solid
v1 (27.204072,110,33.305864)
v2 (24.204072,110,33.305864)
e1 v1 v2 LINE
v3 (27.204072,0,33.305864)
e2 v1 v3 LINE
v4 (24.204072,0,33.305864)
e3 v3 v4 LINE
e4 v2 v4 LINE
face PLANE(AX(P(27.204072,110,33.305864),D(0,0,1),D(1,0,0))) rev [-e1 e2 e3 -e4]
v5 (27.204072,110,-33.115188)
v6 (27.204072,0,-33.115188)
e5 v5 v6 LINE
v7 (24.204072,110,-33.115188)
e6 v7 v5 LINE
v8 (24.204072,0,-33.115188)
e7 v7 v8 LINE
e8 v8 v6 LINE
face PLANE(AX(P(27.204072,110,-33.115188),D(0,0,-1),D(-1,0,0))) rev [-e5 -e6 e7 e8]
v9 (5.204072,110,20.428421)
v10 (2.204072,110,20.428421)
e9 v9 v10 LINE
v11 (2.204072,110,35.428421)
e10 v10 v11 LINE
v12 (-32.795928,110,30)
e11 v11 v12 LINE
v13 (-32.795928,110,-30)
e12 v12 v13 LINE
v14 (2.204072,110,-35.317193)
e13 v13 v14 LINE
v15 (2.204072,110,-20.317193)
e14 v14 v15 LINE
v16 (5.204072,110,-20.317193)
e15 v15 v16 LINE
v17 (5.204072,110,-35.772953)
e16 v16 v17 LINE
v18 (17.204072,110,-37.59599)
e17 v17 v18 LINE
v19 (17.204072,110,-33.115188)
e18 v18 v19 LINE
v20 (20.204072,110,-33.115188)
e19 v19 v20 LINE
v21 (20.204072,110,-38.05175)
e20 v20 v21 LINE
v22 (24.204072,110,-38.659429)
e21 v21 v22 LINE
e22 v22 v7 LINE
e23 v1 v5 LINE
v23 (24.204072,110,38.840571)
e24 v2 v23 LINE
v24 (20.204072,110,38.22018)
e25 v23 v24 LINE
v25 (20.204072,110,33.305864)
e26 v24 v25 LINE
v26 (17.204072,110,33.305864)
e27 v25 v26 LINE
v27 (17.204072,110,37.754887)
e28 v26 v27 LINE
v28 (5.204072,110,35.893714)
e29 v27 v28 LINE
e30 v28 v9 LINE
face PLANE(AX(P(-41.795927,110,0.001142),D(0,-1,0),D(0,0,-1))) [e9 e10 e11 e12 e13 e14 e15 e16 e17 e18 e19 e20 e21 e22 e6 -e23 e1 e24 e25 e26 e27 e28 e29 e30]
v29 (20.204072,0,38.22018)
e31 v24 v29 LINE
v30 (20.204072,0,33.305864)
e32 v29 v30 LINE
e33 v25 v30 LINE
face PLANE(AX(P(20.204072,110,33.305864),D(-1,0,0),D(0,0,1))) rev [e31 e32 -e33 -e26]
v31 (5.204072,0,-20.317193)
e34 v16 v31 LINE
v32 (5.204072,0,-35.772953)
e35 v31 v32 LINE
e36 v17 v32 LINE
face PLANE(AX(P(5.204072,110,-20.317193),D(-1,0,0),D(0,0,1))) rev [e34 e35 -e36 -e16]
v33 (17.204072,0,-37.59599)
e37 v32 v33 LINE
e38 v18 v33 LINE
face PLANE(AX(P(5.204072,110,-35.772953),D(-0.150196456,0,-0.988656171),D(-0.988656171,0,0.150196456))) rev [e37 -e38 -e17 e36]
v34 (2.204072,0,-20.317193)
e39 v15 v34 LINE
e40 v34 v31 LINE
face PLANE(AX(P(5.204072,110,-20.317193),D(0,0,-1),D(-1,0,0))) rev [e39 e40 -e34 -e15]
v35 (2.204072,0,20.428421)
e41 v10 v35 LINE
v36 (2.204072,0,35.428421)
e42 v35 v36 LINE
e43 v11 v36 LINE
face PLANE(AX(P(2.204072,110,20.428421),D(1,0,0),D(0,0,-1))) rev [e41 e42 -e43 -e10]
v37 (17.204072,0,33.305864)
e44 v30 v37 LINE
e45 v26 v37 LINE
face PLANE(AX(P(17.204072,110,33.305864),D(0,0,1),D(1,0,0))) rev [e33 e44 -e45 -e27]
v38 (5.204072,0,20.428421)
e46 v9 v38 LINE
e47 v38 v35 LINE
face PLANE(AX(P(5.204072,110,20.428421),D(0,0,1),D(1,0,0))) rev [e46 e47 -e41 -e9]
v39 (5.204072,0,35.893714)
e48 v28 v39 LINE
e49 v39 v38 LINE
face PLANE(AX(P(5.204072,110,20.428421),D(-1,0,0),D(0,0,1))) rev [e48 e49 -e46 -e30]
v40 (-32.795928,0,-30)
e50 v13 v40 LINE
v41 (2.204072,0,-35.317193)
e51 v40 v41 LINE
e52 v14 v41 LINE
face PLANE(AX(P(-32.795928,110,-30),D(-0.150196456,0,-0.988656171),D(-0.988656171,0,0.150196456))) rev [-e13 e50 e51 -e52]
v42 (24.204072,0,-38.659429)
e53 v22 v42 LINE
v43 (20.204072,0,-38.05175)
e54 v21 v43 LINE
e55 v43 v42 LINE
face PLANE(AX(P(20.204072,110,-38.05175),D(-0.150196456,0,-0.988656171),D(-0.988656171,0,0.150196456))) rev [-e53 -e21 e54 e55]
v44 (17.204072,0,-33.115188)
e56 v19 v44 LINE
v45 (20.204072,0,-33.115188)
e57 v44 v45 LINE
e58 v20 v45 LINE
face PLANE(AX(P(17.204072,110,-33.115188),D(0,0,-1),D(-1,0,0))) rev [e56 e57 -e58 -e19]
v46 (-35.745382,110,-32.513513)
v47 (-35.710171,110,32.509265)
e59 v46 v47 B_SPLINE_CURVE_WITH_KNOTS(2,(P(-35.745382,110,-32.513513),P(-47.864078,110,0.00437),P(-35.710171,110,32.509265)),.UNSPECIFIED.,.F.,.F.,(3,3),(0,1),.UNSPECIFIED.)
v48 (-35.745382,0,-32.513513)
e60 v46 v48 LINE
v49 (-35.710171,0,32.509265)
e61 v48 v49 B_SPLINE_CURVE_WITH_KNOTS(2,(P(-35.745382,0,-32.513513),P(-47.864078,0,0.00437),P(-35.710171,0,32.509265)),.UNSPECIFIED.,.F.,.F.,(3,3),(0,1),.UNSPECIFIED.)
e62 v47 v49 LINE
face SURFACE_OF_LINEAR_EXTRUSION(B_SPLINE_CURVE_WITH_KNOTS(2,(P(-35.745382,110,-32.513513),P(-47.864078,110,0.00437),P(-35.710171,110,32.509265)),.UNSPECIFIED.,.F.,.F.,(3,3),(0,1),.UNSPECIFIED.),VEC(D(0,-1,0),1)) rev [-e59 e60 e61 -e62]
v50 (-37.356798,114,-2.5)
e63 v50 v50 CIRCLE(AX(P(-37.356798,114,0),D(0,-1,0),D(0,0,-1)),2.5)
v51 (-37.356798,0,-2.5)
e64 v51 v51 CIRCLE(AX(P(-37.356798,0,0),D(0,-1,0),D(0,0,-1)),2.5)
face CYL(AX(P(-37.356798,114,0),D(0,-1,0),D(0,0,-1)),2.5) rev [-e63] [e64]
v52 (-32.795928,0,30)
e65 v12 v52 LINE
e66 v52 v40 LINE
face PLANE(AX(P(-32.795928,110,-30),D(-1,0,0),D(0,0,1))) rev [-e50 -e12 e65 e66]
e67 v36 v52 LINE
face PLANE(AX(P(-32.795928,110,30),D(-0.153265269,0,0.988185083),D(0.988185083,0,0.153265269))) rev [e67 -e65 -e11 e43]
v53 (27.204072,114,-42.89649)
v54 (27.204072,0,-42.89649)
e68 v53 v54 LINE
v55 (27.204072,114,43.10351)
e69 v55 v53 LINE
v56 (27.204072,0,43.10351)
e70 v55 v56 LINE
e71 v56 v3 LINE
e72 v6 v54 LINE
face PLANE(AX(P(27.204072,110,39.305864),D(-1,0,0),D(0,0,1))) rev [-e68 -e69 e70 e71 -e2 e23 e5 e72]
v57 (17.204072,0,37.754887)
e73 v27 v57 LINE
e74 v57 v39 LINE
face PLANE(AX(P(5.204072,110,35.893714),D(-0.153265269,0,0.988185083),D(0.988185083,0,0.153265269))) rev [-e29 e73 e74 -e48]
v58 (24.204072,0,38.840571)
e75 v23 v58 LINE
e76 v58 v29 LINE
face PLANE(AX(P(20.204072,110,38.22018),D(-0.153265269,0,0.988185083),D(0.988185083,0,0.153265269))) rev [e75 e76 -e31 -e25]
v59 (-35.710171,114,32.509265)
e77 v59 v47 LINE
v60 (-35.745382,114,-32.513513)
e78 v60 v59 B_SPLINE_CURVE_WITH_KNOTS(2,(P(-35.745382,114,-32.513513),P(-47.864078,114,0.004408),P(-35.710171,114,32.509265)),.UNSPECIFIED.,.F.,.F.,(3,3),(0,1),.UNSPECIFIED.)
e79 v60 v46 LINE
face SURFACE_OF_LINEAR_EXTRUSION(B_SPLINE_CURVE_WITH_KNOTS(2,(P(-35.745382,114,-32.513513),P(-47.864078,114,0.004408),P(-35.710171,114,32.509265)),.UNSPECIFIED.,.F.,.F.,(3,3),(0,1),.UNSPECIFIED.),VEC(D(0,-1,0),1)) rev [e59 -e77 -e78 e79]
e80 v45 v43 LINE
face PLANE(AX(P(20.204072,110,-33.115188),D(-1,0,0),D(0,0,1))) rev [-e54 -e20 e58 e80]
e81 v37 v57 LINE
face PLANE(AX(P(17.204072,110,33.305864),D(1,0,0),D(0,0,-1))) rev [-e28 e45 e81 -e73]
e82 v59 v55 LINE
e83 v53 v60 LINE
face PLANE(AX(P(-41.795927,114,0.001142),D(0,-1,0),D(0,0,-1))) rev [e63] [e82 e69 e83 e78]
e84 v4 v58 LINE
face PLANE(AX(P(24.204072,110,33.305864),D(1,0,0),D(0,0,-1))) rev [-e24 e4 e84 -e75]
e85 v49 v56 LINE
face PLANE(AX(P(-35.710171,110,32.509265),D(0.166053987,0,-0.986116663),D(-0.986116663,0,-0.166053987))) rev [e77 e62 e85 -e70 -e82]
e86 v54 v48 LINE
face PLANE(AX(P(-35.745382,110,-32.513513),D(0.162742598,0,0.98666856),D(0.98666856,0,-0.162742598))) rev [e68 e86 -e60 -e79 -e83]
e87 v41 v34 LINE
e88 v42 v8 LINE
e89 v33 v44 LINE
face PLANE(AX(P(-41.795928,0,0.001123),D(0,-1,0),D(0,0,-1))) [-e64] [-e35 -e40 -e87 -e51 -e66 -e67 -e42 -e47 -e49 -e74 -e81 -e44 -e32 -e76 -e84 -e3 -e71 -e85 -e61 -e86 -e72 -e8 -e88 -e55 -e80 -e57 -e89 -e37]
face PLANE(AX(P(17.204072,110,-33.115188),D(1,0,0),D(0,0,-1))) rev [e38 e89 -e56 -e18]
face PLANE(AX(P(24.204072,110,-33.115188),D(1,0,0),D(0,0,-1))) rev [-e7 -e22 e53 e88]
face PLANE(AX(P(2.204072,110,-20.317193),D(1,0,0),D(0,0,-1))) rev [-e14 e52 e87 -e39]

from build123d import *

# Parameters (mm, degrees)
SALIENTE_EXTRUIR11_DEPTH   = 110
SALIENTE_EXTRUIR12_DEPTH   = 4
CROQUIS7_R                 = 2.5
CORTAR_EXTRUIR2_DEPTH      = 1.0000001
CORTAR_EXTRUIR2_DEPTH_BACK = 115.0000001


with BuildPart() as part:
    # Croquis1 → Saliente-Extruir11 (new body)
    with BuildSketch(Plane(origin=(0, 0, 0), x_dir=(1, 0, 0), z_dir=(0, 1, 0))):
        with BuildLine():
            Line((27.20407189, 42.896490362), (27.20407189, 39.115188491))
            Line((27.20407189, 39.115188491), (27.20407189, 33.115188491))
            Line((27.20407189, 33.115188491), (24.20407189, 33.115188491))
            Line((24.20407189, 33.115188491), (24.20407189, 38.659429067))
            Line((24.20407189, 38.659429067), (20.20407189, 38.051749834))
            Line((20.20407189, 38.051749834), (20.20407189, 33.115188491))
            Line((20.20407189, 33.115188491), (17.20407189, 33.115188491))
            Line((17.20407189, 33.115188491), (17.20407189, 37.59599041))
            Line((17.20407189, 37.59599041), (5.20407189, 35.772952711))
            Line((5.20407189, 35.772952711), (5.20407189, 20.317193287))
            Line((5.20407189, 20.317193287), (2.20407189, 20.317193287))
            Line((2.20407189, 20.317193287), (2.20407189, 35.317193287))
            Line((2.20407189, 35.317193287), (-32.79592811, 30))
            Line((-32.79592811, 30), (-32.79592811, -30))
            Line((-32.79592811, -30), (2.20407189, -35.428420748))
            Line((2.20407189, -35.428420748), (2.20407189, -20.428420748))
            Line((2.20407189, -20.428420748), (5.20407189, -20.428420748))
            Line((5.20407189, -20.428420748), (5.20407189, -35.893713955))
            Line((5.20407189, -35.893713955), (17.20407189, -37.754886783))
            Line((17.20407189, -37.754886783), (17.20407189, -33.30586414))
            Line((17.20407189, -33.30586414), (20.20407189, -33.30586414))
            Line((20.20407189, -33.30586414), (20.20407189, -38.22017999))
            Line((20.20407189, -38.22017999), (24.20407189, -38.840570933))
            Line((24.20407189, -38.840570933), (24.20407189, -33.30586414))
            Line((24.20407189, -33.30586414), (27.20407189, -33.30586414))
            Line((27.20407189, -33.30586414), (27.20407189, -39.30586414))
            Line((27.20407189, -39.30586414), (27.20407189, -43.103509638))
            Line((27.20407189, -43.103509638), (-35.710171222, -32.509265277))
            add(Edge.make_bspline(
                [(-35.745382219, 32.513512597), (-47.864078296, -0.004370105), (-35.710171222, -32.509265277)],
                knots=[0, 0, 0, 1, 1, 1], degree=2))
            Line((-35.745382219, 32.513512597), (27.20407189, 42.896490362))
        make_face()
    extrude(amount=SALIENTE_EXTRUIR11_DEPTH)

    # Croquis6 → Saliente-Extruir12 (add)
    with BuildSketch(Plane(origin=(0, 110, 0), x_dir=(1, 0, 0), z_dir=(0, 1, 0))):
        with BuildLine():
            Line((-35.745382219, 32.513512597), (27.20407189, 42.896490362))
            Line((27.20407189, 42.896490362), (27.20407189, -43.103509638))
            Line((27.20407189, -43.103509638), (-35.710171222, -32.509265277))
            add(Edge.make_bspline(
                [(-35.745382219, 32.513512597), (-47.864078276, -0.004407917), (-35.710171222, -32.509265277)],
                knots=[0, 0, 0, 1, 1, 1], degree=2))
        make_face()
    extrude(amount=SALIENTE_EXTRUIR12_DEPTH)

    # Croquis7 → Cortar-Extruir2 (cut, two sides)
    with BuildSketch(Plane.XZ) as cortar_extruir2_sk:
        with Locations((-37.356797981, 0)):
            Circle(CROQUIS7_R)
    extrude(amount=CORTAR_EXTRUIR2_DEPTH, mode=Mode.SUBTRACT)
    extrude(cortar_extruir2_sk.sketch, amount=-CORTAR_EXTRUIR2_DEPTH_BACK, mode=Mode.SUBTRACT)


solid = part.part
